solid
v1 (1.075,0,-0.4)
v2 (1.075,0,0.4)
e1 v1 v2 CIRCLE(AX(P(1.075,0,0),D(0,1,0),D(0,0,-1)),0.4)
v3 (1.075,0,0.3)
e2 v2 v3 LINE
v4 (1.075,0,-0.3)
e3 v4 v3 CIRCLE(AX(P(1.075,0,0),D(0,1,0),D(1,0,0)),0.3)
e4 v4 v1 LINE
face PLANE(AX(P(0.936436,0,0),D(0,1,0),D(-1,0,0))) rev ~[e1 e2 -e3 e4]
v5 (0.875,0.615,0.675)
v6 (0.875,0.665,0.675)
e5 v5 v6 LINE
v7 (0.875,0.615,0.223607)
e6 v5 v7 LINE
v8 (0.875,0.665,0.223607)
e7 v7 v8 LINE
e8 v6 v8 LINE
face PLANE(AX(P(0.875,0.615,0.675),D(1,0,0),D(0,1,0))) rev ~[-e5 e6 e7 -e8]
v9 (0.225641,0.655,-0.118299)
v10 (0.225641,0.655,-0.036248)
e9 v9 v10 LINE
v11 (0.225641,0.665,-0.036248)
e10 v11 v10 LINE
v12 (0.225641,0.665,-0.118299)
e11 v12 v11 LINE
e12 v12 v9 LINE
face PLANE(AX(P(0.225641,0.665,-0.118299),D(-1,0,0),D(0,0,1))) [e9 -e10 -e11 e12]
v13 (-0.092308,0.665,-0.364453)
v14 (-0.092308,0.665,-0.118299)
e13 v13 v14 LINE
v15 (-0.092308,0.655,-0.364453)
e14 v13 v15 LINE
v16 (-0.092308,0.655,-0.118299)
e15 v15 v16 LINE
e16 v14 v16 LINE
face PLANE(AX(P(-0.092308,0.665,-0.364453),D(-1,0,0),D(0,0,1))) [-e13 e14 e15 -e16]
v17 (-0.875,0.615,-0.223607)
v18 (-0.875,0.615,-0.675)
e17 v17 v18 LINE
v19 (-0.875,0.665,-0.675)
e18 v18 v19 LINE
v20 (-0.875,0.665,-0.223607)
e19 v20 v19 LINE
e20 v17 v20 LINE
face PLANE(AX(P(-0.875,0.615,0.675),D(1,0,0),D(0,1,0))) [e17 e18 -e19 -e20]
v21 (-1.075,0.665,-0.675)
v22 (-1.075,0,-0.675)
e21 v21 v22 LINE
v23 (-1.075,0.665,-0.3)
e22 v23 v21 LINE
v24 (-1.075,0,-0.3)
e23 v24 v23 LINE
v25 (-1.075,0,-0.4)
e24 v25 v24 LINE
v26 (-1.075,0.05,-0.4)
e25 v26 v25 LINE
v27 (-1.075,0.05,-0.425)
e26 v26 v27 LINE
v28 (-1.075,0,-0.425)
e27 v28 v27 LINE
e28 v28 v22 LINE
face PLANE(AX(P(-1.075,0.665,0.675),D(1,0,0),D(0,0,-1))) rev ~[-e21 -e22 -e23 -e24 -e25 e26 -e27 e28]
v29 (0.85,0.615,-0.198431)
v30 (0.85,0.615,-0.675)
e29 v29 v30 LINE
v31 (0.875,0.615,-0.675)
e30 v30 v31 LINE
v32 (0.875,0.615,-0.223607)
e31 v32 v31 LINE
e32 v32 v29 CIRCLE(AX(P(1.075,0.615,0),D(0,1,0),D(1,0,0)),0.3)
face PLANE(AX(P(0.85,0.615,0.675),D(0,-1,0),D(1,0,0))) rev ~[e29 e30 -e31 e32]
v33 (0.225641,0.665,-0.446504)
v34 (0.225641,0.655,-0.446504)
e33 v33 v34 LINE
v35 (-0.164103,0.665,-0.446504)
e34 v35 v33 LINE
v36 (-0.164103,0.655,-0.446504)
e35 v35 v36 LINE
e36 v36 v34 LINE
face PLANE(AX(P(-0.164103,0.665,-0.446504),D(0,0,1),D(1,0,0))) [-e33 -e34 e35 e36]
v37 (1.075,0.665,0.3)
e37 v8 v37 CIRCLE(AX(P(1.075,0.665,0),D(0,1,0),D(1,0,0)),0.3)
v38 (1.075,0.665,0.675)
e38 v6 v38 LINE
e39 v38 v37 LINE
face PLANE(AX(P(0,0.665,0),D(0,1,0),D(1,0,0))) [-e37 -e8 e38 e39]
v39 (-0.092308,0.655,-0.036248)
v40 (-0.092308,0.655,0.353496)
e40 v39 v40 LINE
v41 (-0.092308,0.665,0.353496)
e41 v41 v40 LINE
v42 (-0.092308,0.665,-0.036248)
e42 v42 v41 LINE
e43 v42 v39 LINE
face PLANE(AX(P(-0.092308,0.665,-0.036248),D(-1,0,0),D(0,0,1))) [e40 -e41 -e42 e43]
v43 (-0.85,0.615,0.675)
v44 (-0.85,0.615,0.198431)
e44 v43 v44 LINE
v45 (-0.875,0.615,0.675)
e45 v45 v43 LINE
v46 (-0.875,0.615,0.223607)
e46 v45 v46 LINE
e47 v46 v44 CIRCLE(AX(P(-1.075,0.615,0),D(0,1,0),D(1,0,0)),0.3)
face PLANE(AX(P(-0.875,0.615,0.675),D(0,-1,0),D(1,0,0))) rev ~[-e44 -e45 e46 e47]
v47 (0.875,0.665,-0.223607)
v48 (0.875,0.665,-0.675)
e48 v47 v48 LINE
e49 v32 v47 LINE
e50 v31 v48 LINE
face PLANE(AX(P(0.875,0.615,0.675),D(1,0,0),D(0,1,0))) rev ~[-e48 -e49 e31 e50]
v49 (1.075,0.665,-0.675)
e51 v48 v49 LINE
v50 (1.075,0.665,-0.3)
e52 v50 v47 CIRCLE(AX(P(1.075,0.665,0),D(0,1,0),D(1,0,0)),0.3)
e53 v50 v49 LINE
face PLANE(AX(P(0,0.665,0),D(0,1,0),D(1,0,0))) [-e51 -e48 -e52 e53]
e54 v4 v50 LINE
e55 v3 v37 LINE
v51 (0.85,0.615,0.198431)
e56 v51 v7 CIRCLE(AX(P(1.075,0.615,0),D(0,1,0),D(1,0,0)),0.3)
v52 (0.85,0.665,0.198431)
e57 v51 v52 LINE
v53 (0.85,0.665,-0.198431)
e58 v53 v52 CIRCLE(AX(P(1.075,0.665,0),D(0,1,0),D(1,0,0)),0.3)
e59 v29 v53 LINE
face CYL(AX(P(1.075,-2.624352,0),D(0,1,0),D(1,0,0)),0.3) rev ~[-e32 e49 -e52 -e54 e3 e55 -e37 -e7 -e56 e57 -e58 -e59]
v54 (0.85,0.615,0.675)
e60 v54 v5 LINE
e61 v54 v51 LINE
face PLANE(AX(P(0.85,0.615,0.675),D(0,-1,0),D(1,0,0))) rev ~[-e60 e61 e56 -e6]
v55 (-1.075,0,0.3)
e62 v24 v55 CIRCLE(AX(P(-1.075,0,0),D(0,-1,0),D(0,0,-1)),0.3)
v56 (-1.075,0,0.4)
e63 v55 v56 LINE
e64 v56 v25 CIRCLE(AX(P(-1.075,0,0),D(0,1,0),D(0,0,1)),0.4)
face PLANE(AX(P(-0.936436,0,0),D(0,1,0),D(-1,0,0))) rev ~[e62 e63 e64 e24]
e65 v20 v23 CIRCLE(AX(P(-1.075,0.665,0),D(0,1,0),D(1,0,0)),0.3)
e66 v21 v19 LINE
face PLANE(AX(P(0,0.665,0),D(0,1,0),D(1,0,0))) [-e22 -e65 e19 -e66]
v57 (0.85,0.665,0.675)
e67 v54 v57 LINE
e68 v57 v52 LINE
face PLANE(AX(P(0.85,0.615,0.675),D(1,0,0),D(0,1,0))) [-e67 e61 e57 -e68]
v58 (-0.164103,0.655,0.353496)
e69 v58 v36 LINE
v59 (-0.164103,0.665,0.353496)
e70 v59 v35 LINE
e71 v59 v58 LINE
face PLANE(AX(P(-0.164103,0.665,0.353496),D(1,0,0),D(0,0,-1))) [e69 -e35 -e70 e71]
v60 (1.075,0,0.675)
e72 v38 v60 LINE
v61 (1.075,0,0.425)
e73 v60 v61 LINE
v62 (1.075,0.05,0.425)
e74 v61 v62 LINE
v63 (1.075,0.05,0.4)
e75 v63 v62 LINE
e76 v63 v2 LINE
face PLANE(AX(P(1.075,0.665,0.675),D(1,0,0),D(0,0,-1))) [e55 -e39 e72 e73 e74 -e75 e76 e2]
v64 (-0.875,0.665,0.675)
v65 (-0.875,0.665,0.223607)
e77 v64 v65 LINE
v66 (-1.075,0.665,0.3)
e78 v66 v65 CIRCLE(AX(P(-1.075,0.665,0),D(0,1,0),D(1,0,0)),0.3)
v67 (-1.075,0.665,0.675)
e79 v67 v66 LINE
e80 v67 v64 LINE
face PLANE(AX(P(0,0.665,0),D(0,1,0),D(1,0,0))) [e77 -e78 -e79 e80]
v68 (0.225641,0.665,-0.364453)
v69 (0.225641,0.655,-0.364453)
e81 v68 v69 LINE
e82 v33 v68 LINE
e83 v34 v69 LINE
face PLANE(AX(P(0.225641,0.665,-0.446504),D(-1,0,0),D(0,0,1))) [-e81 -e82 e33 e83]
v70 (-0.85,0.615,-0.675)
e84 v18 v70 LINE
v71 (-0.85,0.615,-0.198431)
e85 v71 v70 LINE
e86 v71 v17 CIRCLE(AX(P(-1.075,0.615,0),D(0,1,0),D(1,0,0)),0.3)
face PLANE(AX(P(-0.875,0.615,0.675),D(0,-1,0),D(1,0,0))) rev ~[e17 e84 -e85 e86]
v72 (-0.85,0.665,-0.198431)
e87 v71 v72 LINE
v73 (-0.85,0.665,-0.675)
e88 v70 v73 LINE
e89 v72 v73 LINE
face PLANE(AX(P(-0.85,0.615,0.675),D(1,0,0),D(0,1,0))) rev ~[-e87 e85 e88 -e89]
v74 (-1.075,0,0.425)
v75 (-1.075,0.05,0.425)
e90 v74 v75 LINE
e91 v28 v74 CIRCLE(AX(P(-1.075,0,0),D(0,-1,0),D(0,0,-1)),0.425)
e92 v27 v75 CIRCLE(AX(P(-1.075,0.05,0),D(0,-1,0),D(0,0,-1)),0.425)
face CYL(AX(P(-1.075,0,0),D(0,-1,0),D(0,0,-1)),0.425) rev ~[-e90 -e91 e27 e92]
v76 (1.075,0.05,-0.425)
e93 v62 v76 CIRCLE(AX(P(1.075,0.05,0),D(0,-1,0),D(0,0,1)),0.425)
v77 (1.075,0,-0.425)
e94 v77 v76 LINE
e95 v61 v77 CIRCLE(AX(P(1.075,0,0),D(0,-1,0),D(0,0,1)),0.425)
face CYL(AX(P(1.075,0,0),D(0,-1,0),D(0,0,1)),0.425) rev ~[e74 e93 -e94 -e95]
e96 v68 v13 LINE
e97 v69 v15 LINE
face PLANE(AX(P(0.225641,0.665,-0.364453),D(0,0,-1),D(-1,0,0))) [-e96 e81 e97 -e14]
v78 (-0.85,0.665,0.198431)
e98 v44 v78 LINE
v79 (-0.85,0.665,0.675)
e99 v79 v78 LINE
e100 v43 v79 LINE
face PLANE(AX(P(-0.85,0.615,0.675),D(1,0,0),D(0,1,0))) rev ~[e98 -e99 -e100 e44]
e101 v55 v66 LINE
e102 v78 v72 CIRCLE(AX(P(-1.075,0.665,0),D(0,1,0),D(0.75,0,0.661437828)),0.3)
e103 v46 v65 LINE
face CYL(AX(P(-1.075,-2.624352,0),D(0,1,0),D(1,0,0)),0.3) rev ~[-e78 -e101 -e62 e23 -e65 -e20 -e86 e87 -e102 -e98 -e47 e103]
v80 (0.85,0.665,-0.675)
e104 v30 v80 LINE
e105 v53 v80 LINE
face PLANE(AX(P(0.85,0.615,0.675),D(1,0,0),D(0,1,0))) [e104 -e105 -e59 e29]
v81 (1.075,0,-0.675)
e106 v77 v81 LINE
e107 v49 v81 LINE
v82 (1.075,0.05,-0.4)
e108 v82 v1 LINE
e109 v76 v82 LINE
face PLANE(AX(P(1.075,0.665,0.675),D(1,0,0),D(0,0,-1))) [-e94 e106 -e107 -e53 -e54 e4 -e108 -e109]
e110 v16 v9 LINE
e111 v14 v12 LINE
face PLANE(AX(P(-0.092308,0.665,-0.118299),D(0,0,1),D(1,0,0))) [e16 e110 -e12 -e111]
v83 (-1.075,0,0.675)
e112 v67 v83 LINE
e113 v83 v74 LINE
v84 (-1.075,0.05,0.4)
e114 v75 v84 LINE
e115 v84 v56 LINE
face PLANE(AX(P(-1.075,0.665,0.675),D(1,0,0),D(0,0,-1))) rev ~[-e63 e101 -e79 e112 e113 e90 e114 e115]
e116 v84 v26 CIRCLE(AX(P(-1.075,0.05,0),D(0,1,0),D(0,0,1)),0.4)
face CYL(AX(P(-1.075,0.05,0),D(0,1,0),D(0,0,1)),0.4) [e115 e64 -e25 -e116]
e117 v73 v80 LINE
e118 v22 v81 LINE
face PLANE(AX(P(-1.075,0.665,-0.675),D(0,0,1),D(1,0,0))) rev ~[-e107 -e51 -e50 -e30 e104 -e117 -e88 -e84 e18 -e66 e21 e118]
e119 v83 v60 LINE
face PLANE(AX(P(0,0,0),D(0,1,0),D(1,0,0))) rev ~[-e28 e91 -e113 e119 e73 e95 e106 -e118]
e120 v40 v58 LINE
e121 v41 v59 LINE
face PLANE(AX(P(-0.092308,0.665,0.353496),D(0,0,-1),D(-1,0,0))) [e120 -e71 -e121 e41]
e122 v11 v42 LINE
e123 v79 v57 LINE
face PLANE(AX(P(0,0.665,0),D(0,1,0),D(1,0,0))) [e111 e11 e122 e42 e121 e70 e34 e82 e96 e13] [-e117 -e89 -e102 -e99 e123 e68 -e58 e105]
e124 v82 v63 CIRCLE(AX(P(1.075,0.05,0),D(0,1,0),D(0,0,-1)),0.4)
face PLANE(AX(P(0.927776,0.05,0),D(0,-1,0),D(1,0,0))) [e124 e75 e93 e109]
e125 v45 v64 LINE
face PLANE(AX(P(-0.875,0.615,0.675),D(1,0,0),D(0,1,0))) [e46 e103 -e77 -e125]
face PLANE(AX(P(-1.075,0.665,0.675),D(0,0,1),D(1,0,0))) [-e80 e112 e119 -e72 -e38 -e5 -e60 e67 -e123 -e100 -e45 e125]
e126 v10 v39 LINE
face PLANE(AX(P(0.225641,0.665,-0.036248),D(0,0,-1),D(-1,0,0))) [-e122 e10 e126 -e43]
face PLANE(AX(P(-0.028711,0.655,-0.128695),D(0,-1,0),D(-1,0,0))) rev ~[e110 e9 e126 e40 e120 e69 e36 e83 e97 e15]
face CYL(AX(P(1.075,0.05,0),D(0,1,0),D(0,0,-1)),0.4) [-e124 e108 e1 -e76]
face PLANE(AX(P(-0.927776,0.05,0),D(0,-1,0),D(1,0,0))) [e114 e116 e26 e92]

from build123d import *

# Parameters (mm, degrees)
SKETCH1_W                  = 2.15
SKETCH1_H                  = 1.35
BOSS_EXTRUDE1_DEPTH        = 0.665
SKETCH2_W                  = 0.025
SKETCH2_H                  = 0.05
CUT_EXTRUDE1_DEPTH         = 2.849418828
SKETCH3_W                  = 0.025
SKETCH3_H                  = 0.05
CUT_EXTRUDE2_DEPTH         = 2.849418828
CUT_EXTRUDE3_DEPTH         = 0.05
BOSS_EXTRUDE2_DEPTH        = 0.05
CUT_EXTRUDE4_DEPTH         = 0.05
BOSS_EXTRUDE3_DEPTH        = 0.05
F_0_6_0_6_DIAMETER_HOLE1_D = 0.6
CUT_EXTRUDE5_DEPTH         = 0.01


with BuildPart() as part:
    # Sketch1 → Boss-Extrude1 (new body)
    with BuildSketch(Plane(origin=(0, 0.665, 0), x_dir=(1, 0, 0), z_dir=(0, 1, 0))):
        Rectangle(SKETCH1_W, SKETCH1_H)
    extrude(amount=-BOSS_EXTRUDE1_DEPTH)

    # Sketch2 → Cut-Extrude1 (cut, through all)
    with BuildSketch(Plane.XY.offset(0.675)):
        with Locations((0.8625, 0.64)):
            Rectangle(SKETCH2_W, SKETCH2_H)
    extrude(amount=-CUT_EXTRUDE1_DEPTH, mode=Mode.SUBTRACT)

    # Sketch3 → Cut-Extrude2 (cut, through all)
    with BuildSketch(Plane.XY.offset(0.675)):
        with Locations((-0.8625, 0.64)):
            Rectangle(SKETCH3_W, SKETCH3_H)
    extrude(amount=-CUT_EXTRUDE2_DEPTH, mode=Mode.SUBTRACT)

    # Sketch4 → Cut-Extrude3 (cut)
    with BuildSketch(Plane.XZ):
        with BuildLine():
            Line((-1.075, 0.425), (-1.075, -0.425))
            ThreePointArc((-1.075, -0.425), (-0.65, 0), (-1.075, 0.425))
        make_face()
    extrude(amount=-CUT_EXTRUDE3_DEPTH, mode=Mode.SUBTRACT)

    # Sketch5 → Boss-Extrude2 (add)
    with BuildSketch(Plane.XZ.offset(-0.05)):
        with BuildLine():
            Line((-1.075, -0.4), (-1.075, 0.4))
            ThreePointArc((-1.075, 0.4), (-0.675, 0), (-1.075, -0.4))
        make_face()
    extrude(amount=BOSS_EXTRUDE2_DEPTH)

    # Sketch6 → Cut-Extrude4 (cut)
    with BuildSketch(Plane.XZ):
        with BuildLine():
            Line((1.075, -0.425), (1.075, 0.425))
            ThreePointArc((1.075, 0.425), (0.65, 0), (1.075, -0.425))
        make_face()
    extrude(amount=-CUT_EXTRUDE4_DEPTH, mode=Mode.SUBTRACT)

    # Sketch7 → Boss-Extrude3 (add)
    with BuildSketch(Plane.XZ.offset(-0.05)):
        with BuildLine():
            Line((1.075, 0.4), (1.075, -0.4))
            ThreePointArc((1.075, -0.4), (0.675, 0), (1.075, 0.4))
        make_face()
    extrude(amount=BOSS_EXTRUDE3_DEPTH)

    # Ø0.6 (0.6) Diameter Hole1 (through all)
    with Locations(Plane(origin=(0, 0, 0), x_dir=(-1, 0, 0), z_dir=(0, -1, 0))):
        with Locations((1.075, 0), (-1.075, 0)):
            Hole(F_0_6_0_6_DIAMETER_HOLE1_D / 2)

    # Sketch10 → Cut-Extrude5 (cut)
    with BuildSketch(Plane(origin=(0, 0.665, 0), x_dir=(1, 0, 0), z_dir=(0, 1, 0))):
        Polygon((-0.164102564, 0.446504379), (0.225641026, 0.446504379), (0.225641026, 0.364453097), (-0.092307692, 0.364453097), (-0.092307692, 0.118299251), (0.225641026, 0.118299251), (0.225641026, 0.036247969), (-0.092307692, 0.036247969), (-0.092307692, -0.353495621), (-0.164102564, -0.353495621), align=None)
    extrude(amount=-CUT_EXTRUDE5_DEPTH, mode=Mode.SUBTRACT)


solid = part.part
